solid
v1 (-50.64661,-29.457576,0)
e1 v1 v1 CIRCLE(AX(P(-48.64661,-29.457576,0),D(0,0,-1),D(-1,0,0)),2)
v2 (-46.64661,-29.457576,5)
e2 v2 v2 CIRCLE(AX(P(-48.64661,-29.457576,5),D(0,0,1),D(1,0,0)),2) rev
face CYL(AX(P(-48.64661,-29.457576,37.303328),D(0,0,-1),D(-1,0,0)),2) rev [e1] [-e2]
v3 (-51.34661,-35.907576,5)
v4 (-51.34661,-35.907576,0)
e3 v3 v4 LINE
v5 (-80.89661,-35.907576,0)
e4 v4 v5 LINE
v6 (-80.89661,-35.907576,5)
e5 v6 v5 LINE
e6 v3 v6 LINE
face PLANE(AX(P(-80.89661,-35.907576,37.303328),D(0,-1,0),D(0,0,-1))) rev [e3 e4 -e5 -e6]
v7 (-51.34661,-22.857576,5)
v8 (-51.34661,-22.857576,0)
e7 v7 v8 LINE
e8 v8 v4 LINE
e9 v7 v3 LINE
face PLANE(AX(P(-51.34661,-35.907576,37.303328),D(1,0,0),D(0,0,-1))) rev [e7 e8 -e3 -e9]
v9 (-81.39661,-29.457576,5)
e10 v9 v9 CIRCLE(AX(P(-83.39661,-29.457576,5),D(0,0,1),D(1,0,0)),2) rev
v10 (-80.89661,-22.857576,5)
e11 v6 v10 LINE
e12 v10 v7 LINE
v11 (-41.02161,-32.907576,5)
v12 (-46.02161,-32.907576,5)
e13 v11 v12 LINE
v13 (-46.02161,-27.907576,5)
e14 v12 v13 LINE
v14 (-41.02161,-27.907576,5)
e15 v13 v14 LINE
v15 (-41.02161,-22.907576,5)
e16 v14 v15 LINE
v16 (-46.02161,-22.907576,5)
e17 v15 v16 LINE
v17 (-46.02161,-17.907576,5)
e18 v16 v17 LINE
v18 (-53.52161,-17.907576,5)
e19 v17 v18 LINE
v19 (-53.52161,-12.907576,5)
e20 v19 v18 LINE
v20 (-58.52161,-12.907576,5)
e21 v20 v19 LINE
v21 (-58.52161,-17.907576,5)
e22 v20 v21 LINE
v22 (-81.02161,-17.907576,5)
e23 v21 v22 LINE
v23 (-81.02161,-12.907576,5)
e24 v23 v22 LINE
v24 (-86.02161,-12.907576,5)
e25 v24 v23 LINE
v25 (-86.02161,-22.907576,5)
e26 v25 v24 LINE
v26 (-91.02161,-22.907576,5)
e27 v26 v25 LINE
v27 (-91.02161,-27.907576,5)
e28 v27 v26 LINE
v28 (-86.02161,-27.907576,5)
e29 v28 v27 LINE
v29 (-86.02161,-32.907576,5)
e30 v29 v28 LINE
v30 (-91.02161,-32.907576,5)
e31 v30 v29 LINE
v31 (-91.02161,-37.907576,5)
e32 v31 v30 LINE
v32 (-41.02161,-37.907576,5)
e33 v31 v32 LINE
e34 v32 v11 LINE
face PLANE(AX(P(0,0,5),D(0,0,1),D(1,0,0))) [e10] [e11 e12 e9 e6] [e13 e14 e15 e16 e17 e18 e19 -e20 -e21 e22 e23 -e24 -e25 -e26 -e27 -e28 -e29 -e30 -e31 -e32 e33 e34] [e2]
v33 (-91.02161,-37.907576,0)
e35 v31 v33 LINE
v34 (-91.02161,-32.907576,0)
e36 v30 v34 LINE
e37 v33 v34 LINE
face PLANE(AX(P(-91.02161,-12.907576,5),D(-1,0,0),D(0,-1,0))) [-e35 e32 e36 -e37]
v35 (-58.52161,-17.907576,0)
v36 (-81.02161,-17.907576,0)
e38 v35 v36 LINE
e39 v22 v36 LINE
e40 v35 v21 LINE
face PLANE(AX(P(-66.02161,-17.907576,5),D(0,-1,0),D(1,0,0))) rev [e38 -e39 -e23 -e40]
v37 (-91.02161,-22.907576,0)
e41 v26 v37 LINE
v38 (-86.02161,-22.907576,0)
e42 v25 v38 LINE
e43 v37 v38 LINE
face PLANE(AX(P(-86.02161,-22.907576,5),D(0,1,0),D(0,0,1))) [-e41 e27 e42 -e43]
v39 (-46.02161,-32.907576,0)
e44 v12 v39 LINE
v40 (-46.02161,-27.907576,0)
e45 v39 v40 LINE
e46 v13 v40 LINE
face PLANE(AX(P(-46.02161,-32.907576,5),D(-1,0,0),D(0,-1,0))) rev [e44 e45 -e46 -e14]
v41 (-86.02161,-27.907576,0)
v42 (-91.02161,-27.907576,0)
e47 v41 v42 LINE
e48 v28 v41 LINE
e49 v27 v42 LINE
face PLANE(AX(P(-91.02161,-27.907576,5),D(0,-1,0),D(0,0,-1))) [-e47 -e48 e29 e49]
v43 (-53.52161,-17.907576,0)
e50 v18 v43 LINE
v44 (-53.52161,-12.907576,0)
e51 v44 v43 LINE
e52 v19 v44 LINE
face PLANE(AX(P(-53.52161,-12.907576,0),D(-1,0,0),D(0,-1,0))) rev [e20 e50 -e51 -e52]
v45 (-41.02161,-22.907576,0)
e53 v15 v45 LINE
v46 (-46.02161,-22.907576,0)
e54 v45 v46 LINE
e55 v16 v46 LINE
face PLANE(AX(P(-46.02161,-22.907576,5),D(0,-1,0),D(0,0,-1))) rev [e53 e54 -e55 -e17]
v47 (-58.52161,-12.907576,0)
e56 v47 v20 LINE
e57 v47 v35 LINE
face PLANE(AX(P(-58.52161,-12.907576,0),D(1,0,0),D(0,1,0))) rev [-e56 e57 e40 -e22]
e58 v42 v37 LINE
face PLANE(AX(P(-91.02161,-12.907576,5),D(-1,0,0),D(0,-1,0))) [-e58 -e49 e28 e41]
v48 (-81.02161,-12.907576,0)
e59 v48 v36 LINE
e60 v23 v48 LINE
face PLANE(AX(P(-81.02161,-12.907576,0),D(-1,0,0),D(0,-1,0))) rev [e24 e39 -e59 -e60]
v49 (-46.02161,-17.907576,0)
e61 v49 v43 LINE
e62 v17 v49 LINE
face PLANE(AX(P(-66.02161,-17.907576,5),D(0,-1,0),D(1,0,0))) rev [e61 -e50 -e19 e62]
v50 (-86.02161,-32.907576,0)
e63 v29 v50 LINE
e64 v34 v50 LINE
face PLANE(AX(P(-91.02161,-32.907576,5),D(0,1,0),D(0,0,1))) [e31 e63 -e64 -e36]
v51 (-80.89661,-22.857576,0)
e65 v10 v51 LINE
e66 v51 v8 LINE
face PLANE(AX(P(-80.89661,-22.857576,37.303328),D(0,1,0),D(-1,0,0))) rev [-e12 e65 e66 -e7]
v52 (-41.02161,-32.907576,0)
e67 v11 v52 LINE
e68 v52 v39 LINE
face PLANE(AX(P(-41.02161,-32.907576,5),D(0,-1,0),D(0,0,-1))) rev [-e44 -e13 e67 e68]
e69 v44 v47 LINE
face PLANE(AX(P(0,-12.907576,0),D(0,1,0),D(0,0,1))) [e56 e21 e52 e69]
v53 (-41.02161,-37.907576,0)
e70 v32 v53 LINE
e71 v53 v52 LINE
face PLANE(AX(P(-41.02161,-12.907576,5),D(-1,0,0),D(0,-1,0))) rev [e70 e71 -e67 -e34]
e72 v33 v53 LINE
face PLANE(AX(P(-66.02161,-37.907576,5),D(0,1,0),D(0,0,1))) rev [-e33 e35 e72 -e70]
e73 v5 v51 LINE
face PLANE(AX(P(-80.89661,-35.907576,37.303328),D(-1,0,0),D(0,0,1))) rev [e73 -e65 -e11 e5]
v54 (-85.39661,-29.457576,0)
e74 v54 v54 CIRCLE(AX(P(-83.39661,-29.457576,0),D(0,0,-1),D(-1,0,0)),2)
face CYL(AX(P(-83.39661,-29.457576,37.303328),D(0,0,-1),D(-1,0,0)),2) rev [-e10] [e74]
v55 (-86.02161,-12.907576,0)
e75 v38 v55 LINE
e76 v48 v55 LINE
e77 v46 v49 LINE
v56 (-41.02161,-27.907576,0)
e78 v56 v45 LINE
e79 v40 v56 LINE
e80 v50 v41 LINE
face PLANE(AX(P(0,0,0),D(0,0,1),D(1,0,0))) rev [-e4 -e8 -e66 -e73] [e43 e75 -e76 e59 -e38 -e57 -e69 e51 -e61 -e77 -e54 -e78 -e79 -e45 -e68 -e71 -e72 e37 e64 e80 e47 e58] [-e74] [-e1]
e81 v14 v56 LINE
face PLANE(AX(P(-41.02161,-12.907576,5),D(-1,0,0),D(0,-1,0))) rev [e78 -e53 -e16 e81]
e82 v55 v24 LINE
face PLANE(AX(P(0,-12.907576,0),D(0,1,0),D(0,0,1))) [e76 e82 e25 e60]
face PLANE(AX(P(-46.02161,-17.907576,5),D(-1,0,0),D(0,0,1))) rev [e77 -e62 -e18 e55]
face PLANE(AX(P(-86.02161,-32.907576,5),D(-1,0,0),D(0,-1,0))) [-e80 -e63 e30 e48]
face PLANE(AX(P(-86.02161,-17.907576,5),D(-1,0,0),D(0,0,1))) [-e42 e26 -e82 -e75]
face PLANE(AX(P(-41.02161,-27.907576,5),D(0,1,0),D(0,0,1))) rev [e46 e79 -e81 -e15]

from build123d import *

# Parameters (mm, degrees)
ESQUISSE1_W             = 25
ESQUISSE1_H             = 25
BOSS_EXTRU_1_DEPTH      = 5
ESQUISSE3_W             = 5
ESQUISSE3_H             = 5
ENL_V_MAT_EXTRU_1_DEPTH = 5
ESQUISSE4_R             = 2
ESQUISSE4_W             = 29.55
ESQUISSE4_H             = 13.05
ENL_V_MAT_EXTRU_2_DEPTH = 5
ESQUISSE5_W             = 5
ESQUISSE5_H             = 5
BOSS_EXTRU_2_DEPTH      = 5


with BuildPart() as part:
    # Esquisse1 → Boss.-Extru.1 (new body)
    with BuildSketch(Plane.XY):
        with Locations((-53.521610088, -25.407575758)):
            Rectangle(ESQUISSE1_W, ESQUISSE1_H)
    boss_extru_1 = extrude(amount=BOSS_EXTRU_1_DEPTH)

    # Esquisse3 → Enlèv. mat.-Extru.1 (cut)
    with BuildSketch(Plane(origin=(0, 0, 0), x_dir=(-1, 0, 0), z_dir=(0, 0, -1))):
        Polygon((66.021610088, -12.907575758), (66.021610088, -17.907575758), (46.021610088, -17.907575758), (46.021610088, -22.907575758), (41.021610088, -22.907575758), (41.021610088, -12.907575758), align=None)
        with Locations((43.521610088, -30.407575758)):
            Rectangle(ESQUISSE3_W, ESQUISSE3_H)
    enl_v_mat_extru_1 = extrude(amount=-ENL_V_MAT_EXTRU_1_DEPTH, mode=Mode.SUBTRACT)

    # Symétrie1: Boss.-Extru.1, Enlèv. mat.-Extru.1 across plane
    add(boss_extru_1.mirror(Plane(origin=(-66.021610088, -12.907575758, 5), x_dir=(0, 0, 1), z_dir=(1, 0, 0))))
    add(enl_v_mat_extru_1.mirror(Plane(origin=(-66.021610088, -12.907575758, 5), x_dir=(0, 0, 1), z_dir=(1, 0, 0))), mode=Mode.SUBTRACT)

    # Esquisse4 → Enlèv. mat.-Extru.2 (cut)
    with BuildSketch(Plane(origin=(0, 0, 0), x_dir=(-1, 0, 0), z_dir=(0, 0, -1))):
        with Locations((83.396610088, -29.457575758)):
            Circle(ESQUISSE4_R)
        with Locations((48.646610088, -29.457575758)):
            Circle(ESQUISSE4_R)
        with Locations((66.121610088, -29.382575758)):
            Rectangle(ESQUISSE4_W, ESQUISSE4_H)
    extrude(amount=-ENL_V_MAT_EXTRU_2_DEPTH, mode=Mode.SUBTRACT)

    # Esquisse5 → Boss.-Extru.2 (add)
    with BuildSketch(Plane(origin=(0, -17.907575758, 0), x_dir=(1, 0, 0), z_dir=(0, 1, 0))):
        with Locations((-83.521610088, -2.5)):
            Rectangle(ESQUISSE5_W, ESQUISSE5_H)
        with Locations((-56.021610088, -2.5)):
            Rectangle(ESQUISSE5_W, ESQUISSE5_H)
    extrude(amount=BOSS_EXTRU_2_DEPTH)


solid = part.part
